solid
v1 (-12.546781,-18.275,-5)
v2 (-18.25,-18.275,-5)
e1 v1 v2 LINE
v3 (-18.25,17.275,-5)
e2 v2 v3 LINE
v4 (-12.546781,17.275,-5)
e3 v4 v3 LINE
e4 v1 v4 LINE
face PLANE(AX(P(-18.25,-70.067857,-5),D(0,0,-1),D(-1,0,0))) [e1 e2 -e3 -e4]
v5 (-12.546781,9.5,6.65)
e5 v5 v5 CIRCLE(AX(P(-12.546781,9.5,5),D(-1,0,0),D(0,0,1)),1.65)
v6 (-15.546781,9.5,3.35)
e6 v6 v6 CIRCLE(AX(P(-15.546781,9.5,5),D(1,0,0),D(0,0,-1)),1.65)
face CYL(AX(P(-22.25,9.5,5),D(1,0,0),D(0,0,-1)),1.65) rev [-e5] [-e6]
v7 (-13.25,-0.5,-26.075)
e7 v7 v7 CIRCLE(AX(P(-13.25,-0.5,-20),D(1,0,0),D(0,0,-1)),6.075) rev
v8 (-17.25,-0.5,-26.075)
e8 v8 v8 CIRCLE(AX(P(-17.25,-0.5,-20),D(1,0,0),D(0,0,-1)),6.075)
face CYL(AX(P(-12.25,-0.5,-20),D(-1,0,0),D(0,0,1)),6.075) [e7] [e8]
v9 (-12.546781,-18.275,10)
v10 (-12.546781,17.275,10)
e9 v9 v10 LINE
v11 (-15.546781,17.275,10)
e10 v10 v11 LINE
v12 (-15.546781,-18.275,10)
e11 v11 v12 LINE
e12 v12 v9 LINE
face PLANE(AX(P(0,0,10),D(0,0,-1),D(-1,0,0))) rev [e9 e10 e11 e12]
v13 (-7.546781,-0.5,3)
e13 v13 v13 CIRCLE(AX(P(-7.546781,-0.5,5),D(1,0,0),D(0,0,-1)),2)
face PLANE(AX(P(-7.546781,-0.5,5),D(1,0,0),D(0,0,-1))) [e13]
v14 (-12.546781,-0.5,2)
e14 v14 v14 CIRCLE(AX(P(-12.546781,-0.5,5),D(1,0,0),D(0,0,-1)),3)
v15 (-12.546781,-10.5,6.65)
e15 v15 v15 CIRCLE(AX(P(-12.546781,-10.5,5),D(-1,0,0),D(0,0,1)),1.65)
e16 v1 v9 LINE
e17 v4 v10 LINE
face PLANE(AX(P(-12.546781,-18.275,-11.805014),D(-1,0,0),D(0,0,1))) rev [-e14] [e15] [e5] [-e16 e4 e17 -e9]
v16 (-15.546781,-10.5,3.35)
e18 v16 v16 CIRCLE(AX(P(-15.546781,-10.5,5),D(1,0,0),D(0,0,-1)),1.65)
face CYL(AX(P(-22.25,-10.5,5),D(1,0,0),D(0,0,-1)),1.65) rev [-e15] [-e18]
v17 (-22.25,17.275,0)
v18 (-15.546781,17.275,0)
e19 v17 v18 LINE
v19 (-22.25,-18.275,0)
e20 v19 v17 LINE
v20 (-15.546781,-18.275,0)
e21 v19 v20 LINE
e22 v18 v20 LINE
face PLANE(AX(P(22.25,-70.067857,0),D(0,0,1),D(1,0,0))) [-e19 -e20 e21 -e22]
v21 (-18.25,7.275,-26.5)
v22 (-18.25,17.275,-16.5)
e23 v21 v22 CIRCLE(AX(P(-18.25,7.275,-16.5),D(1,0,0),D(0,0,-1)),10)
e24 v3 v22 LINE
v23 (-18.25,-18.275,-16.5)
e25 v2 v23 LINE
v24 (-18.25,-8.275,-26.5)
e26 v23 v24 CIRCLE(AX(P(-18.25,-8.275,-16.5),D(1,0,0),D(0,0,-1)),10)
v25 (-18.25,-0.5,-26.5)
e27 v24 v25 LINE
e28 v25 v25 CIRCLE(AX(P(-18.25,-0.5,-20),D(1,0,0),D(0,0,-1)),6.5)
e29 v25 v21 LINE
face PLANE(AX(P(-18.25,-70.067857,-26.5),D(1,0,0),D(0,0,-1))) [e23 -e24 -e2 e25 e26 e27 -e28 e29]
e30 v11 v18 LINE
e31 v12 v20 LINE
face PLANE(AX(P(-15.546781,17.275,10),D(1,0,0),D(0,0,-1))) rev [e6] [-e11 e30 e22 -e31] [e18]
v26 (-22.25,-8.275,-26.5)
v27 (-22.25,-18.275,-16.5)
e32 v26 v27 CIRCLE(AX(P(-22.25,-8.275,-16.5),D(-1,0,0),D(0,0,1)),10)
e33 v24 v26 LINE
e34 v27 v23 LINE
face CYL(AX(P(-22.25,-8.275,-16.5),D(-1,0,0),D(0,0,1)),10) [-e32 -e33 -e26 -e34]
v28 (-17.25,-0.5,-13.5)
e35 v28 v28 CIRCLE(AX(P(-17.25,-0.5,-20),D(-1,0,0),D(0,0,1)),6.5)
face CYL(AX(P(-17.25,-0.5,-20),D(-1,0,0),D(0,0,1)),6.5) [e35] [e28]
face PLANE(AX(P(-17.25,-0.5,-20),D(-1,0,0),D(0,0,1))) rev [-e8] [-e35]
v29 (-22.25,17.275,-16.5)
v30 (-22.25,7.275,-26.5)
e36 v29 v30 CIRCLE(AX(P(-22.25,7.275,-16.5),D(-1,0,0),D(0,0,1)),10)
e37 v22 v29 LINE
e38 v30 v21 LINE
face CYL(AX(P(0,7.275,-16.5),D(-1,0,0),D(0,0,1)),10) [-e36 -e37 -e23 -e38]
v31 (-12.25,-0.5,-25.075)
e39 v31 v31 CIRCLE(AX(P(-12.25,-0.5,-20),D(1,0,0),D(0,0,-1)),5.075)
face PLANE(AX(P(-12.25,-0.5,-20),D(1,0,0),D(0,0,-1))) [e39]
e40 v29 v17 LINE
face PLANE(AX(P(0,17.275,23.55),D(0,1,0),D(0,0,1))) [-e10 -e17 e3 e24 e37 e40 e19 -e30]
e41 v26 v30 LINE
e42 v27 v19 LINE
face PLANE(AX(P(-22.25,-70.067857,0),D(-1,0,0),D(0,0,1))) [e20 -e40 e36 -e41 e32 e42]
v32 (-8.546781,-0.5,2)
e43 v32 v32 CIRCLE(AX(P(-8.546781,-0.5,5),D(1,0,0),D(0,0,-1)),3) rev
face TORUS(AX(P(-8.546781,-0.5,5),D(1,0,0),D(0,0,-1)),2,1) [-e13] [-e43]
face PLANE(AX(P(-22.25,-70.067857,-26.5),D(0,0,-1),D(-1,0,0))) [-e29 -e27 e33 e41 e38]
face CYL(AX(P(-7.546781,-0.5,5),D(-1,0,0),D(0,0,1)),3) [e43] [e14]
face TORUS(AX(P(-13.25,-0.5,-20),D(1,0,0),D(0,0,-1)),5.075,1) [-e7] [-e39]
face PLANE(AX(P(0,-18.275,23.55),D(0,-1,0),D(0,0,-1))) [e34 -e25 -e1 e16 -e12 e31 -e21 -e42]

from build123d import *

# Parameters (mm, degrees)
SKETCH4_W                = 12.46
SKETCH4_H                = 17.25
BOSS_EXTRUDE3_DEPTH      = 6
SKETCH8_R                = 12.546781182
SKETCH8_R_2              = 11.15
BOSS_EXTRUDE6_DEPTH      = 8.3
BOSS_EXTRUDE6_DEPTH_BACK = 17.25
BOSS_EXTRUDE4_DEPTH      = 17.25
SKETCH6_R                = 0.75
CUT_EXTRUDE1_DEPTH       = 5
CHAMFER1_SIZE            = 0.5
CHAMFER1_SIZE2           = 0.866025404
SKETCH10_W               = 12.46
SKETCH10_H               = 23.7
CUT_EXTRUDE3_DEPTH       = 17.25
BOSS_EXTRUDE7_DEPTH      = 8.3
BOSS_EXTRUDE9_DEPTH      = 10
SKETCH20_R               = 11.15
SKETCH20_R_2             = 7.15
BOSS_EXTRUDE11_DEPTH     = 8.3
SKETCH21_R               = 10.15
SKETCH21_R_2             = 7.15
CUT_EXTRUDE7_DEPTH       = 1.3
SKETCH11_W               = 10
SKETCH11_H               = 2
CUT_EXTRUDE4_DEPTH       = 23.7
CUT_EXTRUDE8_REACH       = 37.55
SKETCH25_W               = 12.46
SKETCH25_H               = 6
BOSS_EXTRUDE10_DEPTH     = 35.55
SKETCH18_W               = 21.5
SKETCH18_H               = 11.438292938
CUT_EXTRUDE5_DEPTH       = 2
SKETCH19_R               = 3.5
CUT_EXTRUDE6_DEPTH       = 43.5
CUT_EXTRUDE6_DEPTH_BACK  = 3
FILLET1_R                = 10
SKETCH22_R               = 6.5
BOSS_EXTRUDE12_DEPTH     = 5
SKETCH23_R               = 6.075
BOSS_EXTRUDE13_DEPTH     = 5
FILLET2_R                = 1
BOSS_EXTRUDE14_DEPTH     = 2
CUT_EXTRUDE9_REACH       = 46.5
SKETCH27_R               = 0.75
CUT_EXTRUDE10_DEPTH      = 36.55
SKETCH29_W               = 3
SKETCH29_H               = 35.55
BOSS_EXTRUDE15_DEPTH     = 10
SKETCH30_R               = 3
BOSS_EXTRUDE16_DEPTH     = 5
FILLET3_R                = 1
SKETCH31_R               = 1.65
CUT_EXTRUDE11_DEPTH      = 23.25


with BuildPart() as part:
    # Sketch4 → Boss-Extrude3 (new body)
    with BuildSketch(Plane.XY):
        with Locations((0, -1.35)):
            Rectangle(SKETCH4_W, SKETCH4_H)
    extrude(amount=BOSS_EXTRUDE3_DEPTH)



with BuildPart() as body_2:
    # Sketch8 → Boss-Extrude6 (new body, two sides)
    with BuildSketch(Plane(origin=(0, -9.975, 0), x_dir=(-1, 0, 0), z_dir=(0, -1, 0))) as boss_extrude6_sk:
        with Locations((0, -23.55)):
            Circle(SKETCH8_R)
        with Locations((0, -23.55)):
            Circle(SKETCH8_R_2, mode=Mode.SUBTRACT)
    extrude(amount=BOSS_EXTRUDE6_DEPTH)
    extrude(boss_extrude6_sk.sketch, amount=-BOSS_EXTRUDE6_DEPTH_BACK)


with BuildPart() as part_1:
    add(part.part)

    add(body_2.part)  # Boss-Extrude4 merges body 2
    # Sketch5 → Boss-Extrude4 (add)
    with BuildSketch(Plane(origin=(0, 7.275, 0), x_dir=(1, 0, 0), z_dir=(0, 1, 0))):
        with BuildLine():
            Line((12.546781182, -23.55), (12.546781182, 0))
            Line((12.546781182, 0), (6.23, 0))
            Line((6.23, 0), (6.23, -29.7))
            Line((6.23, -29.7), (-6.23, -29.7))
            Line((-6.23, -29.7), (-6.23, 0))
            Line((-6.23, 0), (-12.546781182, 0))
            Line((-12.546781182, 0), (-12.546781182, -23.55))
            ThreePointArc((-12.546781182, -23.55), (0, -36.096781182), (12.546781182, -23.55))
        make_face()
    extrude(amount=-BOSS_EXTRUDE4_DEPTH)

    # Sketch6 → Cut-Extrude1 (cut)
    with BuildSketch(Plane(origin=(0, 7.275, 0), x_dir=(1, 0, 0), z_dir=(0, 1, 0))):
        with Locations((0, -3.6)):
            Circle(SKETCH6_R)
        with Locations((0, -32.1)):
            Circle(SKETCH6_R)
    extrude(amount=-CUT_EXTRUDE1_DEPTH, mode=Mode.SUBTRACT)

    # Chamfer1
    chamfer1_edges = [part_1.edges().sort_by_distance(p)[0] for p in [
        (-0.75, 7.275, 3.6),
        (-0.75, 7.275, 32.1),
    ]]
    chamfer1_side = [part_1.faces().sort_by_distance(p)[0] for p in [
        (0, 7.275, 35.657160381),
    ]]
    chamfer(chamfer1_edges, length=CHAMFER1_SIZE, length2=CHAMFER1_SIZE2, reference=chamfer1_side[0])

    # Sketch10 → Cut-Extrude3 (cut)
    with BuildSketch(Plane(origin=(0, 7.275, 0), x_dir=(1, 0, 0), z_dir=(0, 1, 0))):
        with Locations((0, -17.85)):
            Rectangle(SKETCH10_W, SKETCH10_H)
    extrude(amount=-CUT_EXTRUDE3_DEPTH, mode=Mode.SUBTRACT)

    # Sketch13 → Boss-Extrude7 (add)
    with BuildSketch(Plane.XZ.offset(18.275)):
        with BuildLine():
            Line((-12.546781182, 23.55), (-12.546781182, 0))
            Line((-12.546781182, 0), (12.546781182, 0))
            Line((12.546781182, 0), (12.546781182, 23.55))
            ThreePointArc((12.546781182, 23.55), (0, 11.003218818), (-12.546781182, 23.55))
        make_face()
    extrude(amount=-BOSS_EXTRUDE7_DEPTH)

    # Sketch15 → Boss-Extrude9 (add)
    with BuildSketch(Plane(origin=(0, 7.275, 0), x_dir=(1, 0, 0), z_dir=(0, 1, 0))):
        with BuildLine():
            Line((-12.546781182, 0), (12.546781182, 0))
            Line((12.546781182, 0), (12.546781182, -23.55))
            ThreePointArc((12.546781182, -23.55), (0, -36.096781182), (-12.546781182, -23.55))
            Line((-12.546781182, -23.55), (-12.546781182, 0))
        make_face()
        with BuildLine():
            Line((-6.23, -0.8), (6.23, -0.8))
            Line((6.23, -0.8), (6.23, -33))
            ThreePointArc((6.23, -33), (5.790660172, -34.060660172), (4.73, -34.5))
            Line((4.73, -34.5), (-4.73, -34.5))
            ThreePointArc((-4.73, -34.5), (-5.790660172, -34.060660172), (-6.23, -33))
            Line((-6.23, -33), (-6.23, -0.8))
        make_face(mode=Mode.SUBTRACT)
    extrude(amount=BOSS_EXTRUDE9_DEPTH)

    # Sketch20 → Boss-Extrude11 (add)
    with BuildSketch(Plane.XZ.offset(18.275)):
        with Locations((0, 23.55)):
            Circle(SKETCH20_R)
        with Locations((0, 23.55)):
            Circle(SKETCH20_R_2, mode=Mode.SUBTRACT)
    extrude(amount=-BOSS_EXTRUDE11_DEPTH)

    # Sketch21 → Cut-Extrude7 (cut)
    with BuildSketch(Plane.XZ.offset(18.275)):
        with Locations((0, 23.55)):
            Circle(SKETCH21_R)
        with Locations((0, 23.55)):
            Circle(SKETCH21_R_2, mode=Mode.SUBTRACT)
    extrude(amount=-CUT_EXTRUDE7_DEPTH, mode=Mode.SUBTRACT)

    # Sketch11 → Cut-Extrude4 (cut)
    with BuildSketch(Plane.XY.offset(29.7)):
        with Locations((0, -10.975)):
            Rectangle(SKETCH11_W, SKETCH11_H)
    extrude(amount=-CUT_EXTRUDE4_DEPTH, mode=Mode.SUBTRACT)

    # Sketch25 → Cut-Extrude8 (cut, up to next)
    with BuildSketch(Plane.XZ.offset(18.275), mode=Mode.PRIVATE) as cut_extrude8_sk1:
        with Locations((0, 9)):
            Rectangle(SKETCH25_W, SKETCH25_H)
    cut_extrude8_tool1 = extrude(cut_extrude8_sk1.sketch, amount=-CUT_EXTRUDE8_REACH, mode=Mode.PRIVATE) & part_1.part
    add(cut_extrude8_tool1.solids().sort_by_distance((0, -18.275, 9))[0], mode=Mode.SUBTRACT)

    # Sketch17 → Boss-Extrude10 (add)
    with BuildSketch(Plane(origin=(0, 17.275, 0), x_dir=(1, 0, 0), z_dir=(0, 1, 0))):
        Polygon((22.25, 26.5), (22.25, 0), (-22.25, 0), (-22.25, 26.5), (-18.25, 26.5), (-18.25, 5), (18.25, 5), (18.25, 26.5), align=None)
    extrude(amount=-BOSS_EXTRUDE10_DEPTH)

    # Sketch18 → Cut-Extrude5 (cut)
    with BuildSketch(Plane.ZY.offset(-18.25)):
        with Locations((-15.75, -0.5)):
            Rectangle(SKETCH18_W, SKETCH18_H)
    extrude(amount=-CUT_EXTRUDE5_DEPTH, mode=Mode.SUBTRACT)

    # Sketch19 → Cut-Extrude6 (cut, two sides)
    with BuildSketch(Plane.ZY.offset(-20.25)) as cut_extrude6_sk:
        with Locations((-20, -0.5)):
            Circle(SKETCH19_R)
    extrude(amount=CUT_EXTRUDE6_DEPTH, mode=Mode.SUBTRACT)
    extrude(cut_extrude6_sk.sketch, amount=-CUT_EXTRUDE6_DEPTH_BACK, mode=Mode.SUBTRACT)

    # Fillet1
    fillet1_edges = [part_1.edges().sort_by_distance(p)[0] for p in [
        (20.25, 17.275, -26.5),
        (-20.25, 17.275, -26.5),
        (-20.25, -18.275, -26.5),
        (20.25, -18.275, -26.5),
    ]]
    fillet(fillet1_edges, radius=FILLET1_R)

    # Sketch22 → Boss-Extrude12 (add)
    with BuildSketch(Plane.ZY.offset(22.25)):
        with Locations((-20, -0.5)):
            Circle(SKETCH22_R)
    extrude(amount=-BOSS_EXTRUDE12_DEPTH)

    # Sketch23 → Boss-Extrude13 (add)
    with BuildSketch(Plane(origin=(-17.25, 0, 0), x_dir=(0, 0, -1), z_dir=(1, 0, 0))):
        with Locations((20, -0.5)):
            Circle(SKETCH23_R)
    extrude(amount=BOSS_EXTRUDE13_DEPTH)

    # Fillet2
    fillet2_edges = [part_1.edges().sort_by_distance(p)[0] for p in [
        (-12.25, -0.5, -13.925),
    ]]
    fillet(fillet2_edges, radius=FILLET2_R)

    # Sketch26 → Boss-Extrude14 (add)
    with BuildSketch(Plane.ZY.offset(-20.25)):
        Polygon((-5, 2), (-20, 2.6585), (-26.5, 2.94385), (-26.5, 5.219146469), (-5, 5.219146469), align=None)
        Polygon((-20, -3.6585), (-5, -3), (-5, -6.219146469), (-26.5, -6.219146469), (-26.5, -3.94385), align=None)
    extrude(amount=BOSS_EXTRUDE14_DEPTH)

    # Sketch27 → Cut-Extrude9 (cut, up to next)
    with BuildSketch(Plane(origin=(22.25, 0, 0), x_dir=(0, 0, -1), z_dir=(1, 0, 0)), mode=Mode.PRIVATE) as cut_extrude9_sk1:
        with Locations((10, -0.5)):
            Circle(SKETCH27_R)
    cut_extrude9_tool1 = extrude(cut_extrude9_sk1.sketch, amount=-CUT_EXTRUDE9_REACH, mode=Mode.PRIVATE) & part_1.part
    add(cut_extrude9_tool1.solids().sort_by_distance((22.25, -0.5, -10))[0], mode=Mode.SUBTRACT)

    # Sketch28 → Cut-Extrude10 (cut, through all)
    with BuildSketch(Plane(origin=(0, 17.275, 0), x_dir=(1, 0, 0), z_dir=(0, 1, 0))):
        Polygon((-12.546781182, 11.805014222), (-12.546781182, -42.756283402), (39.689088419, -42.756283402), (38.70358058, 30.977621269), (-8.600795685, 28.379464239), align=None)
    extrude(amount=-CUT_EXTRUDE10_DEPTH, mode=Mode.SUBTRACT)

    # Sketch29 → Boss-Extrude15 (add)
    with BuildSketch(Plane.XY):
        with Locations((-14.046781182, -0.5)):
            Rectangle(SKETCH29_W, SKETCH29_H)
    extrude(amount=BOSS_EXTRUDE15_DEPTH)

    # Sketch30 → Boss-Extrude16 (add)
    with BuildSketch(Plane(origin=(-12.546781182, 0, 0), x_dir=(0, 0, -1), z_dir=(1, 0, 0))):
        with Locations((-5, -0.5)):
            Circle(SKETCH30_R)
    extrude(amount=BOSS_EXTRUDE16_DEPTH)

    # Fillet3
    fillet3_edges = [part_1.edges().sort_by_distance(p)[0] for p in [
        (-7.546781182, -0.5, 8),
    ]]
    fillet(fillet3_edges, radius=FILLET3_R)

    # Sketch31 → Cut-Extrude11 (cut, through all)
    with BuildSketch(Plane(origin=(0, 0, 0), x_dir=(0, 0, -1), z_dir=(1, 0, 0))):
        with Locations((-5, 9.5)):
            Circle(SKETCH31_R)
        with Locations((-5, -10.5)):
            Circle(SKETCH31_R)
    extrude(amount=-CUT_EXTRUDE11_DEPTH, mode=Mode.SUBTRACT)


solid = part_1.part
